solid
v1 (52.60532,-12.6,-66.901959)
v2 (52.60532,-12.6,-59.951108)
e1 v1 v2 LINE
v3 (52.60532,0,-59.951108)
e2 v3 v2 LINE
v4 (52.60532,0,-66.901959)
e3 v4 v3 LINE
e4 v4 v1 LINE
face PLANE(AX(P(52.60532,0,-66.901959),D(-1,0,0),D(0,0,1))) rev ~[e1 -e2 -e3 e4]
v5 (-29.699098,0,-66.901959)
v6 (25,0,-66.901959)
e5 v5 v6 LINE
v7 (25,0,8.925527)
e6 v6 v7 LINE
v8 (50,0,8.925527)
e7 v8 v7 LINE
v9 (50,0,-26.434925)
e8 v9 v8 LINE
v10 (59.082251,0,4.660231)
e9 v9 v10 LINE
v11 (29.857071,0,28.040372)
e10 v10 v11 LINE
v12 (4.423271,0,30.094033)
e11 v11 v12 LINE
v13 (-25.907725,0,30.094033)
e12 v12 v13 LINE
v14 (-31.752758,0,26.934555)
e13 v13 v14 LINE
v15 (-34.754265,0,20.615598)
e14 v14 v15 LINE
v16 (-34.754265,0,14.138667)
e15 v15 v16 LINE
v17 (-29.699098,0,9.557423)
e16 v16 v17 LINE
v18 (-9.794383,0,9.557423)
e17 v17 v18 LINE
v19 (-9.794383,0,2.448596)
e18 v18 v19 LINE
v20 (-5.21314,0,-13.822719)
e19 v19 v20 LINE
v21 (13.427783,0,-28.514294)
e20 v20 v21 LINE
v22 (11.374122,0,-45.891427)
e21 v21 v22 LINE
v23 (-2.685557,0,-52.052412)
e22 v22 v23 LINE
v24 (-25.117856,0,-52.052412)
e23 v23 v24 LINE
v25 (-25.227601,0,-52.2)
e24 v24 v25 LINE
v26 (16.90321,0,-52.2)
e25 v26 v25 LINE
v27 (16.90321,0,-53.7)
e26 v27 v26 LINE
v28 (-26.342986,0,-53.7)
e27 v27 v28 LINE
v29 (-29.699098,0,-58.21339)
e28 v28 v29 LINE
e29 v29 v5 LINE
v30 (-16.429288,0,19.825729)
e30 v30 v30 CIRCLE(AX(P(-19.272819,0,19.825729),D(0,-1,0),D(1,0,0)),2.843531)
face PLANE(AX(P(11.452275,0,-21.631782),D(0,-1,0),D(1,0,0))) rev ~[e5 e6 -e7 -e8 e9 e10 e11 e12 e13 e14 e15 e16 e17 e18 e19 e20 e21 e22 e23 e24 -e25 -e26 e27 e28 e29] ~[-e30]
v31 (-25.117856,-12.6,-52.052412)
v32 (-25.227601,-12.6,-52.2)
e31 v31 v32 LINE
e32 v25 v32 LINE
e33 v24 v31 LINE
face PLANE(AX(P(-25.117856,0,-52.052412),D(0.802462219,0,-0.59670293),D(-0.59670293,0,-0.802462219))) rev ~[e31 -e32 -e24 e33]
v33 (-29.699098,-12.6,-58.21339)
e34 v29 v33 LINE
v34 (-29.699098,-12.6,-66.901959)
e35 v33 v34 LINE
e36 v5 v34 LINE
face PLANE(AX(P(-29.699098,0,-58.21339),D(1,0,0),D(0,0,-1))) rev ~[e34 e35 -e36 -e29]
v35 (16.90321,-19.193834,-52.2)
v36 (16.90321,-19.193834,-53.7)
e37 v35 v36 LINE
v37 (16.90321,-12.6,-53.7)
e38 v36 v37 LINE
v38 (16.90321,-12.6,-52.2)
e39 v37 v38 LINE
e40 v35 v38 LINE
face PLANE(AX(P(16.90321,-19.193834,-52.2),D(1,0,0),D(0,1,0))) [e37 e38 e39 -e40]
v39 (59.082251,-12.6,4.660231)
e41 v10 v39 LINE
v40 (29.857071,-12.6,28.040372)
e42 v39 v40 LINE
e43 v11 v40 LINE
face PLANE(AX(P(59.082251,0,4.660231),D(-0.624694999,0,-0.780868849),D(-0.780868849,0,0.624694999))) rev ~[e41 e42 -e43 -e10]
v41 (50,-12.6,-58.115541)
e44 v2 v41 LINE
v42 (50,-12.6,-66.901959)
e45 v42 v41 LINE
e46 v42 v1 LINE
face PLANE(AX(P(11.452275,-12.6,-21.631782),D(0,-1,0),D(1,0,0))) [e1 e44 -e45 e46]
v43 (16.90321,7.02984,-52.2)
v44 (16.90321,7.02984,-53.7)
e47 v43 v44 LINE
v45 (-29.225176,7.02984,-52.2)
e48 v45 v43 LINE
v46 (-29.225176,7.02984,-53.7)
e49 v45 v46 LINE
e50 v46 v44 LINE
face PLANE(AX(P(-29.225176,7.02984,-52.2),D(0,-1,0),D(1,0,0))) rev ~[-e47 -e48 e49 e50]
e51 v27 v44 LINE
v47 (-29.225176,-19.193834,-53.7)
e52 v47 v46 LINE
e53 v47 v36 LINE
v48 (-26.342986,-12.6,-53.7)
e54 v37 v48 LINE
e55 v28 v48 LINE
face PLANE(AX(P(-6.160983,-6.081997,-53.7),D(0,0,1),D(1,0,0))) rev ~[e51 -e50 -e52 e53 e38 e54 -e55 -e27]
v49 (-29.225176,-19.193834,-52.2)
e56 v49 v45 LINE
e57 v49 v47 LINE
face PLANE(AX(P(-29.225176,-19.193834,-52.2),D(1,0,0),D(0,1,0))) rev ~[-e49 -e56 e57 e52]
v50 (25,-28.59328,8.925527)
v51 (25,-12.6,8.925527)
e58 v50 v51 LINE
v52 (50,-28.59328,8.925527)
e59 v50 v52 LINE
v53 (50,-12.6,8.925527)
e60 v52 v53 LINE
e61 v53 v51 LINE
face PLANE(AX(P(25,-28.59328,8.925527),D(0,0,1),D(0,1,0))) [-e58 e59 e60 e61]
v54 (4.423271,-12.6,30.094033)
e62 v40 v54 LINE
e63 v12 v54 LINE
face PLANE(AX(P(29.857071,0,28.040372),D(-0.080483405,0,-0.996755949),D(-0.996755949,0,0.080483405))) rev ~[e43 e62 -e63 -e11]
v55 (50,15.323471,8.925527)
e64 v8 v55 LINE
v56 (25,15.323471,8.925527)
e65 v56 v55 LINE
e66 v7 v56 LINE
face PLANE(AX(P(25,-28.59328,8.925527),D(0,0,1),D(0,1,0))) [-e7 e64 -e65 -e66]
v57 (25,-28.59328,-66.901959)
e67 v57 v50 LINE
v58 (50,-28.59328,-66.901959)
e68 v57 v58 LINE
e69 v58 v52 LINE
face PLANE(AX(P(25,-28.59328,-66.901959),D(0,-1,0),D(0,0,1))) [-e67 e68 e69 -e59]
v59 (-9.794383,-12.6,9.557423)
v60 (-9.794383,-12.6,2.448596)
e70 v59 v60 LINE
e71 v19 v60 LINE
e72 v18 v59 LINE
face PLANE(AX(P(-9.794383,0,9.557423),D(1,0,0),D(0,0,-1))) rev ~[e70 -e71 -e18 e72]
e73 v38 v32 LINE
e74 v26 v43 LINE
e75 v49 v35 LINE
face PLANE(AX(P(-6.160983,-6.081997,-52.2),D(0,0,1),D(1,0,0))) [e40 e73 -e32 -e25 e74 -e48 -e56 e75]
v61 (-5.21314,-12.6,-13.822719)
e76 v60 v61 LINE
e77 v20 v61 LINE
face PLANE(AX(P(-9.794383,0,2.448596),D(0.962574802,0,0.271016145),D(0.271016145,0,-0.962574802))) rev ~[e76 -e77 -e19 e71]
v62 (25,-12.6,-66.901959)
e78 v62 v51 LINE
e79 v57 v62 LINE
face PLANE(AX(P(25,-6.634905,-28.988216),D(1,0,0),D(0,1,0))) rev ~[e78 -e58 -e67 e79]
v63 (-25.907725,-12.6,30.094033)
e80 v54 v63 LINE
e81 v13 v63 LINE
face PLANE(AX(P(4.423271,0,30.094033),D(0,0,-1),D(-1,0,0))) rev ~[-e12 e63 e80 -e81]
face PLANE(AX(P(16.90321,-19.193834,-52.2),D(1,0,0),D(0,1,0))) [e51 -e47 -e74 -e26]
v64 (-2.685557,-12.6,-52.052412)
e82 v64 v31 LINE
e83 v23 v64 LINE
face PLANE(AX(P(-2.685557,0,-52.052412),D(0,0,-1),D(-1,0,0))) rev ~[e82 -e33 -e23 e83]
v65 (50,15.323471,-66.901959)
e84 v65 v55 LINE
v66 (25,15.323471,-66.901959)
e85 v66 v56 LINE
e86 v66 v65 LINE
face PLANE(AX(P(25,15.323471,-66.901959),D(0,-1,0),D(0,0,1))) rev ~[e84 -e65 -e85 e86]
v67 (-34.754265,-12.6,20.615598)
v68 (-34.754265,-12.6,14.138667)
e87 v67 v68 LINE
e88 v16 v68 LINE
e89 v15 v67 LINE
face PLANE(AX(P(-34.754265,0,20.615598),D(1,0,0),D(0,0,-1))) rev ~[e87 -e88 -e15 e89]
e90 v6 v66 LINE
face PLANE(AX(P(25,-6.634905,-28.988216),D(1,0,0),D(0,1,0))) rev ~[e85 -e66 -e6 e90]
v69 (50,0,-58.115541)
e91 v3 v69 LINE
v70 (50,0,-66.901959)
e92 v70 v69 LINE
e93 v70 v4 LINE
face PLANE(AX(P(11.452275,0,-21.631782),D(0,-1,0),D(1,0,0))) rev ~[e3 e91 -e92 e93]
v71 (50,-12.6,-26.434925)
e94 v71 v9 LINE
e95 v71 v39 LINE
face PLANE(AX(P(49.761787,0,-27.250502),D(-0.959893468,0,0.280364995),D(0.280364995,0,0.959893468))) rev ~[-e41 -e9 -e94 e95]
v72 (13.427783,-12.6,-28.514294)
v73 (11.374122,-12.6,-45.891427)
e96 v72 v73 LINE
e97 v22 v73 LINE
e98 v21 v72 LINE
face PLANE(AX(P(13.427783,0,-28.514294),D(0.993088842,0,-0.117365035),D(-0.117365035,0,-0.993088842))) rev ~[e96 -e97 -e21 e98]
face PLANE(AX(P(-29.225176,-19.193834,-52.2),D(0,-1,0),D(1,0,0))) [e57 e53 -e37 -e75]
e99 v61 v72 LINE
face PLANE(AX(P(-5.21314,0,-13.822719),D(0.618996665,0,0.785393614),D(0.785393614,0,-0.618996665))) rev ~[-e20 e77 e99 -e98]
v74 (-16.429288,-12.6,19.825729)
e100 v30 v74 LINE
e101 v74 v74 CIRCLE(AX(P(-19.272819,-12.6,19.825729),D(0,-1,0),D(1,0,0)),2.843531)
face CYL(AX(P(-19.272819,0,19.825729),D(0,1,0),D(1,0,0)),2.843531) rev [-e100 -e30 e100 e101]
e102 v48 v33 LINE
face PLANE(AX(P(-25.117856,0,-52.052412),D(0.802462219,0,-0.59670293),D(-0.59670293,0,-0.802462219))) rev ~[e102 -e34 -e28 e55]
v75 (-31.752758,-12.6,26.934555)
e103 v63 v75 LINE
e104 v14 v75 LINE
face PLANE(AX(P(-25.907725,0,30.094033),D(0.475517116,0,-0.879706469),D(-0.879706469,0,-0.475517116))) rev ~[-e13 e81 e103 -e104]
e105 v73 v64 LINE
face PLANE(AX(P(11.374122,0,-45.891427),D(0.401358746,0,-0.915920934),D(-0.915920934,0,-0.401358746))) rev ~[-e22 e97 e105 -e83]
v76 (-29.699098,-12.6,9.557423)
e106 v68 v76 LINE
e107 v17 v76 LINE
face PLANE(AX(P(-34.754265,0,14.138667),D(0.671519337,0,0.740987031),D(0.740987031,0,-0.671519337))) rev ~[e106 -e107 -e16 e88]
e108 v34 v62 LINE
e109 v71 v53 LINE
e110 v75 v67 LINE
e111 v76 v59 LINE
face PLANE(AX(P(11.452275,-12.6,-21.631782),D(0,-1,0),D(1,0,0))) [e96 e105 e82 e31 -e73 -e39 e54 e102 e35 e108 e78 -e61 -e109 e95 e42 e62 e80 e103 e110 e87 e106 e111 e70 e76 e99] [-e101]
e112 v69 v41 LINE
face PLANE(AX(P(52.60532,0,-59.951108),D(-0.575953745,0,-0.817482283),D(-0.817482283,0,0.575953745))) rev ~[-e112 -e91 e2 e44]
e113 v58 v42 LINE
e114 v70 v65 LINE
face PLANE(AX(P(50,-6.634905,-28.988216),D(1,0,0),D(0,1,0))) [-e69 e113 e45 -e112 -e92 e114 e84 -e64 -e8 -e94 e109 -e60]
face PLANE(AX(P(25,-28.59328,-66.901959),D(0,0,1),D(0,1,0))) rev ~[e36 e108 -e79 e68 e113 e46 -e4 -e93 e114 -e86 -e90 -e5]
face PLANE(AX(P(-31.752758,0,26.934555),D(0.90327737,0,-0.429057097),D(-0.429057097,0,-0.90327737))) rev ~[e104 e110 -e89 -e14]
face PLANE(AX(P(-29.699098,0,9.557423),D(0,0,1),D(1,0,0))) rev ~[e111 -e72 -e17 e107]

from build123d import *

# Parameters (mm, degrees)
F0_R     = 2.843531
F1_DEPTH = 12.6
F3_W     = 43.916751
F3_H     = 75.827486
F4_DEPTH = 25
F6_W     = 46.128386
F6_H     = 26.223674
F7_DEPTH = 1.5


with BuildPart() as f1:
    # F0 (on Front) → F1 (new body)
    with BuildSketch(Plane.XZ):
        Polygon((52.60532, -59.951108), (45.654465, -55.053912), (49.761787, -27.250502), (59.082251, 4.660231), (29.857071, 28.040372), (4.423271, 30.094033), (-25.907725, 30.094033), (-31.752758, 26.934555), (-34.754265, 20.615598), (-34.754265, 14.138667), (-29.699098, 9.557423), (-9.794383, 9.557423), (-9.794383, 2.448596), (-5.21314, -13.822719), (13.427783, -28.514294), (11.374122, -45.891427), (-2.685557, -52.052412), (-25.117856, -52.052412), (-29.699098, -58.21339), (-29.699098, -66.901959), (52.60532, -66.901959), align=None)
        with Locations((-19.272819, 19.825729)):
            Circle(F0_R, mode=Mode.SUBTRACT)
    extrude(amount=F1_DEPTH)

    # F3 (on offset) → F4 (join)
    with BuildSketch(Plane.YZ.offset(25)):
        with Locations((-6.634905, -28.988216)):
            Rectangle(F3_W, F3_H)
    extrude(amount=F4_DEPTH)

    # F6 (on offset) → F7 (join)
    with BuildSketch(Plane.XY.offset(-52.2)):
        with Locations((-6.160983, -6.081997)):
            Rectangle(F6_W, F6_H)
    extrude(amount=-F7_DEPTH)


solid = f1.part
